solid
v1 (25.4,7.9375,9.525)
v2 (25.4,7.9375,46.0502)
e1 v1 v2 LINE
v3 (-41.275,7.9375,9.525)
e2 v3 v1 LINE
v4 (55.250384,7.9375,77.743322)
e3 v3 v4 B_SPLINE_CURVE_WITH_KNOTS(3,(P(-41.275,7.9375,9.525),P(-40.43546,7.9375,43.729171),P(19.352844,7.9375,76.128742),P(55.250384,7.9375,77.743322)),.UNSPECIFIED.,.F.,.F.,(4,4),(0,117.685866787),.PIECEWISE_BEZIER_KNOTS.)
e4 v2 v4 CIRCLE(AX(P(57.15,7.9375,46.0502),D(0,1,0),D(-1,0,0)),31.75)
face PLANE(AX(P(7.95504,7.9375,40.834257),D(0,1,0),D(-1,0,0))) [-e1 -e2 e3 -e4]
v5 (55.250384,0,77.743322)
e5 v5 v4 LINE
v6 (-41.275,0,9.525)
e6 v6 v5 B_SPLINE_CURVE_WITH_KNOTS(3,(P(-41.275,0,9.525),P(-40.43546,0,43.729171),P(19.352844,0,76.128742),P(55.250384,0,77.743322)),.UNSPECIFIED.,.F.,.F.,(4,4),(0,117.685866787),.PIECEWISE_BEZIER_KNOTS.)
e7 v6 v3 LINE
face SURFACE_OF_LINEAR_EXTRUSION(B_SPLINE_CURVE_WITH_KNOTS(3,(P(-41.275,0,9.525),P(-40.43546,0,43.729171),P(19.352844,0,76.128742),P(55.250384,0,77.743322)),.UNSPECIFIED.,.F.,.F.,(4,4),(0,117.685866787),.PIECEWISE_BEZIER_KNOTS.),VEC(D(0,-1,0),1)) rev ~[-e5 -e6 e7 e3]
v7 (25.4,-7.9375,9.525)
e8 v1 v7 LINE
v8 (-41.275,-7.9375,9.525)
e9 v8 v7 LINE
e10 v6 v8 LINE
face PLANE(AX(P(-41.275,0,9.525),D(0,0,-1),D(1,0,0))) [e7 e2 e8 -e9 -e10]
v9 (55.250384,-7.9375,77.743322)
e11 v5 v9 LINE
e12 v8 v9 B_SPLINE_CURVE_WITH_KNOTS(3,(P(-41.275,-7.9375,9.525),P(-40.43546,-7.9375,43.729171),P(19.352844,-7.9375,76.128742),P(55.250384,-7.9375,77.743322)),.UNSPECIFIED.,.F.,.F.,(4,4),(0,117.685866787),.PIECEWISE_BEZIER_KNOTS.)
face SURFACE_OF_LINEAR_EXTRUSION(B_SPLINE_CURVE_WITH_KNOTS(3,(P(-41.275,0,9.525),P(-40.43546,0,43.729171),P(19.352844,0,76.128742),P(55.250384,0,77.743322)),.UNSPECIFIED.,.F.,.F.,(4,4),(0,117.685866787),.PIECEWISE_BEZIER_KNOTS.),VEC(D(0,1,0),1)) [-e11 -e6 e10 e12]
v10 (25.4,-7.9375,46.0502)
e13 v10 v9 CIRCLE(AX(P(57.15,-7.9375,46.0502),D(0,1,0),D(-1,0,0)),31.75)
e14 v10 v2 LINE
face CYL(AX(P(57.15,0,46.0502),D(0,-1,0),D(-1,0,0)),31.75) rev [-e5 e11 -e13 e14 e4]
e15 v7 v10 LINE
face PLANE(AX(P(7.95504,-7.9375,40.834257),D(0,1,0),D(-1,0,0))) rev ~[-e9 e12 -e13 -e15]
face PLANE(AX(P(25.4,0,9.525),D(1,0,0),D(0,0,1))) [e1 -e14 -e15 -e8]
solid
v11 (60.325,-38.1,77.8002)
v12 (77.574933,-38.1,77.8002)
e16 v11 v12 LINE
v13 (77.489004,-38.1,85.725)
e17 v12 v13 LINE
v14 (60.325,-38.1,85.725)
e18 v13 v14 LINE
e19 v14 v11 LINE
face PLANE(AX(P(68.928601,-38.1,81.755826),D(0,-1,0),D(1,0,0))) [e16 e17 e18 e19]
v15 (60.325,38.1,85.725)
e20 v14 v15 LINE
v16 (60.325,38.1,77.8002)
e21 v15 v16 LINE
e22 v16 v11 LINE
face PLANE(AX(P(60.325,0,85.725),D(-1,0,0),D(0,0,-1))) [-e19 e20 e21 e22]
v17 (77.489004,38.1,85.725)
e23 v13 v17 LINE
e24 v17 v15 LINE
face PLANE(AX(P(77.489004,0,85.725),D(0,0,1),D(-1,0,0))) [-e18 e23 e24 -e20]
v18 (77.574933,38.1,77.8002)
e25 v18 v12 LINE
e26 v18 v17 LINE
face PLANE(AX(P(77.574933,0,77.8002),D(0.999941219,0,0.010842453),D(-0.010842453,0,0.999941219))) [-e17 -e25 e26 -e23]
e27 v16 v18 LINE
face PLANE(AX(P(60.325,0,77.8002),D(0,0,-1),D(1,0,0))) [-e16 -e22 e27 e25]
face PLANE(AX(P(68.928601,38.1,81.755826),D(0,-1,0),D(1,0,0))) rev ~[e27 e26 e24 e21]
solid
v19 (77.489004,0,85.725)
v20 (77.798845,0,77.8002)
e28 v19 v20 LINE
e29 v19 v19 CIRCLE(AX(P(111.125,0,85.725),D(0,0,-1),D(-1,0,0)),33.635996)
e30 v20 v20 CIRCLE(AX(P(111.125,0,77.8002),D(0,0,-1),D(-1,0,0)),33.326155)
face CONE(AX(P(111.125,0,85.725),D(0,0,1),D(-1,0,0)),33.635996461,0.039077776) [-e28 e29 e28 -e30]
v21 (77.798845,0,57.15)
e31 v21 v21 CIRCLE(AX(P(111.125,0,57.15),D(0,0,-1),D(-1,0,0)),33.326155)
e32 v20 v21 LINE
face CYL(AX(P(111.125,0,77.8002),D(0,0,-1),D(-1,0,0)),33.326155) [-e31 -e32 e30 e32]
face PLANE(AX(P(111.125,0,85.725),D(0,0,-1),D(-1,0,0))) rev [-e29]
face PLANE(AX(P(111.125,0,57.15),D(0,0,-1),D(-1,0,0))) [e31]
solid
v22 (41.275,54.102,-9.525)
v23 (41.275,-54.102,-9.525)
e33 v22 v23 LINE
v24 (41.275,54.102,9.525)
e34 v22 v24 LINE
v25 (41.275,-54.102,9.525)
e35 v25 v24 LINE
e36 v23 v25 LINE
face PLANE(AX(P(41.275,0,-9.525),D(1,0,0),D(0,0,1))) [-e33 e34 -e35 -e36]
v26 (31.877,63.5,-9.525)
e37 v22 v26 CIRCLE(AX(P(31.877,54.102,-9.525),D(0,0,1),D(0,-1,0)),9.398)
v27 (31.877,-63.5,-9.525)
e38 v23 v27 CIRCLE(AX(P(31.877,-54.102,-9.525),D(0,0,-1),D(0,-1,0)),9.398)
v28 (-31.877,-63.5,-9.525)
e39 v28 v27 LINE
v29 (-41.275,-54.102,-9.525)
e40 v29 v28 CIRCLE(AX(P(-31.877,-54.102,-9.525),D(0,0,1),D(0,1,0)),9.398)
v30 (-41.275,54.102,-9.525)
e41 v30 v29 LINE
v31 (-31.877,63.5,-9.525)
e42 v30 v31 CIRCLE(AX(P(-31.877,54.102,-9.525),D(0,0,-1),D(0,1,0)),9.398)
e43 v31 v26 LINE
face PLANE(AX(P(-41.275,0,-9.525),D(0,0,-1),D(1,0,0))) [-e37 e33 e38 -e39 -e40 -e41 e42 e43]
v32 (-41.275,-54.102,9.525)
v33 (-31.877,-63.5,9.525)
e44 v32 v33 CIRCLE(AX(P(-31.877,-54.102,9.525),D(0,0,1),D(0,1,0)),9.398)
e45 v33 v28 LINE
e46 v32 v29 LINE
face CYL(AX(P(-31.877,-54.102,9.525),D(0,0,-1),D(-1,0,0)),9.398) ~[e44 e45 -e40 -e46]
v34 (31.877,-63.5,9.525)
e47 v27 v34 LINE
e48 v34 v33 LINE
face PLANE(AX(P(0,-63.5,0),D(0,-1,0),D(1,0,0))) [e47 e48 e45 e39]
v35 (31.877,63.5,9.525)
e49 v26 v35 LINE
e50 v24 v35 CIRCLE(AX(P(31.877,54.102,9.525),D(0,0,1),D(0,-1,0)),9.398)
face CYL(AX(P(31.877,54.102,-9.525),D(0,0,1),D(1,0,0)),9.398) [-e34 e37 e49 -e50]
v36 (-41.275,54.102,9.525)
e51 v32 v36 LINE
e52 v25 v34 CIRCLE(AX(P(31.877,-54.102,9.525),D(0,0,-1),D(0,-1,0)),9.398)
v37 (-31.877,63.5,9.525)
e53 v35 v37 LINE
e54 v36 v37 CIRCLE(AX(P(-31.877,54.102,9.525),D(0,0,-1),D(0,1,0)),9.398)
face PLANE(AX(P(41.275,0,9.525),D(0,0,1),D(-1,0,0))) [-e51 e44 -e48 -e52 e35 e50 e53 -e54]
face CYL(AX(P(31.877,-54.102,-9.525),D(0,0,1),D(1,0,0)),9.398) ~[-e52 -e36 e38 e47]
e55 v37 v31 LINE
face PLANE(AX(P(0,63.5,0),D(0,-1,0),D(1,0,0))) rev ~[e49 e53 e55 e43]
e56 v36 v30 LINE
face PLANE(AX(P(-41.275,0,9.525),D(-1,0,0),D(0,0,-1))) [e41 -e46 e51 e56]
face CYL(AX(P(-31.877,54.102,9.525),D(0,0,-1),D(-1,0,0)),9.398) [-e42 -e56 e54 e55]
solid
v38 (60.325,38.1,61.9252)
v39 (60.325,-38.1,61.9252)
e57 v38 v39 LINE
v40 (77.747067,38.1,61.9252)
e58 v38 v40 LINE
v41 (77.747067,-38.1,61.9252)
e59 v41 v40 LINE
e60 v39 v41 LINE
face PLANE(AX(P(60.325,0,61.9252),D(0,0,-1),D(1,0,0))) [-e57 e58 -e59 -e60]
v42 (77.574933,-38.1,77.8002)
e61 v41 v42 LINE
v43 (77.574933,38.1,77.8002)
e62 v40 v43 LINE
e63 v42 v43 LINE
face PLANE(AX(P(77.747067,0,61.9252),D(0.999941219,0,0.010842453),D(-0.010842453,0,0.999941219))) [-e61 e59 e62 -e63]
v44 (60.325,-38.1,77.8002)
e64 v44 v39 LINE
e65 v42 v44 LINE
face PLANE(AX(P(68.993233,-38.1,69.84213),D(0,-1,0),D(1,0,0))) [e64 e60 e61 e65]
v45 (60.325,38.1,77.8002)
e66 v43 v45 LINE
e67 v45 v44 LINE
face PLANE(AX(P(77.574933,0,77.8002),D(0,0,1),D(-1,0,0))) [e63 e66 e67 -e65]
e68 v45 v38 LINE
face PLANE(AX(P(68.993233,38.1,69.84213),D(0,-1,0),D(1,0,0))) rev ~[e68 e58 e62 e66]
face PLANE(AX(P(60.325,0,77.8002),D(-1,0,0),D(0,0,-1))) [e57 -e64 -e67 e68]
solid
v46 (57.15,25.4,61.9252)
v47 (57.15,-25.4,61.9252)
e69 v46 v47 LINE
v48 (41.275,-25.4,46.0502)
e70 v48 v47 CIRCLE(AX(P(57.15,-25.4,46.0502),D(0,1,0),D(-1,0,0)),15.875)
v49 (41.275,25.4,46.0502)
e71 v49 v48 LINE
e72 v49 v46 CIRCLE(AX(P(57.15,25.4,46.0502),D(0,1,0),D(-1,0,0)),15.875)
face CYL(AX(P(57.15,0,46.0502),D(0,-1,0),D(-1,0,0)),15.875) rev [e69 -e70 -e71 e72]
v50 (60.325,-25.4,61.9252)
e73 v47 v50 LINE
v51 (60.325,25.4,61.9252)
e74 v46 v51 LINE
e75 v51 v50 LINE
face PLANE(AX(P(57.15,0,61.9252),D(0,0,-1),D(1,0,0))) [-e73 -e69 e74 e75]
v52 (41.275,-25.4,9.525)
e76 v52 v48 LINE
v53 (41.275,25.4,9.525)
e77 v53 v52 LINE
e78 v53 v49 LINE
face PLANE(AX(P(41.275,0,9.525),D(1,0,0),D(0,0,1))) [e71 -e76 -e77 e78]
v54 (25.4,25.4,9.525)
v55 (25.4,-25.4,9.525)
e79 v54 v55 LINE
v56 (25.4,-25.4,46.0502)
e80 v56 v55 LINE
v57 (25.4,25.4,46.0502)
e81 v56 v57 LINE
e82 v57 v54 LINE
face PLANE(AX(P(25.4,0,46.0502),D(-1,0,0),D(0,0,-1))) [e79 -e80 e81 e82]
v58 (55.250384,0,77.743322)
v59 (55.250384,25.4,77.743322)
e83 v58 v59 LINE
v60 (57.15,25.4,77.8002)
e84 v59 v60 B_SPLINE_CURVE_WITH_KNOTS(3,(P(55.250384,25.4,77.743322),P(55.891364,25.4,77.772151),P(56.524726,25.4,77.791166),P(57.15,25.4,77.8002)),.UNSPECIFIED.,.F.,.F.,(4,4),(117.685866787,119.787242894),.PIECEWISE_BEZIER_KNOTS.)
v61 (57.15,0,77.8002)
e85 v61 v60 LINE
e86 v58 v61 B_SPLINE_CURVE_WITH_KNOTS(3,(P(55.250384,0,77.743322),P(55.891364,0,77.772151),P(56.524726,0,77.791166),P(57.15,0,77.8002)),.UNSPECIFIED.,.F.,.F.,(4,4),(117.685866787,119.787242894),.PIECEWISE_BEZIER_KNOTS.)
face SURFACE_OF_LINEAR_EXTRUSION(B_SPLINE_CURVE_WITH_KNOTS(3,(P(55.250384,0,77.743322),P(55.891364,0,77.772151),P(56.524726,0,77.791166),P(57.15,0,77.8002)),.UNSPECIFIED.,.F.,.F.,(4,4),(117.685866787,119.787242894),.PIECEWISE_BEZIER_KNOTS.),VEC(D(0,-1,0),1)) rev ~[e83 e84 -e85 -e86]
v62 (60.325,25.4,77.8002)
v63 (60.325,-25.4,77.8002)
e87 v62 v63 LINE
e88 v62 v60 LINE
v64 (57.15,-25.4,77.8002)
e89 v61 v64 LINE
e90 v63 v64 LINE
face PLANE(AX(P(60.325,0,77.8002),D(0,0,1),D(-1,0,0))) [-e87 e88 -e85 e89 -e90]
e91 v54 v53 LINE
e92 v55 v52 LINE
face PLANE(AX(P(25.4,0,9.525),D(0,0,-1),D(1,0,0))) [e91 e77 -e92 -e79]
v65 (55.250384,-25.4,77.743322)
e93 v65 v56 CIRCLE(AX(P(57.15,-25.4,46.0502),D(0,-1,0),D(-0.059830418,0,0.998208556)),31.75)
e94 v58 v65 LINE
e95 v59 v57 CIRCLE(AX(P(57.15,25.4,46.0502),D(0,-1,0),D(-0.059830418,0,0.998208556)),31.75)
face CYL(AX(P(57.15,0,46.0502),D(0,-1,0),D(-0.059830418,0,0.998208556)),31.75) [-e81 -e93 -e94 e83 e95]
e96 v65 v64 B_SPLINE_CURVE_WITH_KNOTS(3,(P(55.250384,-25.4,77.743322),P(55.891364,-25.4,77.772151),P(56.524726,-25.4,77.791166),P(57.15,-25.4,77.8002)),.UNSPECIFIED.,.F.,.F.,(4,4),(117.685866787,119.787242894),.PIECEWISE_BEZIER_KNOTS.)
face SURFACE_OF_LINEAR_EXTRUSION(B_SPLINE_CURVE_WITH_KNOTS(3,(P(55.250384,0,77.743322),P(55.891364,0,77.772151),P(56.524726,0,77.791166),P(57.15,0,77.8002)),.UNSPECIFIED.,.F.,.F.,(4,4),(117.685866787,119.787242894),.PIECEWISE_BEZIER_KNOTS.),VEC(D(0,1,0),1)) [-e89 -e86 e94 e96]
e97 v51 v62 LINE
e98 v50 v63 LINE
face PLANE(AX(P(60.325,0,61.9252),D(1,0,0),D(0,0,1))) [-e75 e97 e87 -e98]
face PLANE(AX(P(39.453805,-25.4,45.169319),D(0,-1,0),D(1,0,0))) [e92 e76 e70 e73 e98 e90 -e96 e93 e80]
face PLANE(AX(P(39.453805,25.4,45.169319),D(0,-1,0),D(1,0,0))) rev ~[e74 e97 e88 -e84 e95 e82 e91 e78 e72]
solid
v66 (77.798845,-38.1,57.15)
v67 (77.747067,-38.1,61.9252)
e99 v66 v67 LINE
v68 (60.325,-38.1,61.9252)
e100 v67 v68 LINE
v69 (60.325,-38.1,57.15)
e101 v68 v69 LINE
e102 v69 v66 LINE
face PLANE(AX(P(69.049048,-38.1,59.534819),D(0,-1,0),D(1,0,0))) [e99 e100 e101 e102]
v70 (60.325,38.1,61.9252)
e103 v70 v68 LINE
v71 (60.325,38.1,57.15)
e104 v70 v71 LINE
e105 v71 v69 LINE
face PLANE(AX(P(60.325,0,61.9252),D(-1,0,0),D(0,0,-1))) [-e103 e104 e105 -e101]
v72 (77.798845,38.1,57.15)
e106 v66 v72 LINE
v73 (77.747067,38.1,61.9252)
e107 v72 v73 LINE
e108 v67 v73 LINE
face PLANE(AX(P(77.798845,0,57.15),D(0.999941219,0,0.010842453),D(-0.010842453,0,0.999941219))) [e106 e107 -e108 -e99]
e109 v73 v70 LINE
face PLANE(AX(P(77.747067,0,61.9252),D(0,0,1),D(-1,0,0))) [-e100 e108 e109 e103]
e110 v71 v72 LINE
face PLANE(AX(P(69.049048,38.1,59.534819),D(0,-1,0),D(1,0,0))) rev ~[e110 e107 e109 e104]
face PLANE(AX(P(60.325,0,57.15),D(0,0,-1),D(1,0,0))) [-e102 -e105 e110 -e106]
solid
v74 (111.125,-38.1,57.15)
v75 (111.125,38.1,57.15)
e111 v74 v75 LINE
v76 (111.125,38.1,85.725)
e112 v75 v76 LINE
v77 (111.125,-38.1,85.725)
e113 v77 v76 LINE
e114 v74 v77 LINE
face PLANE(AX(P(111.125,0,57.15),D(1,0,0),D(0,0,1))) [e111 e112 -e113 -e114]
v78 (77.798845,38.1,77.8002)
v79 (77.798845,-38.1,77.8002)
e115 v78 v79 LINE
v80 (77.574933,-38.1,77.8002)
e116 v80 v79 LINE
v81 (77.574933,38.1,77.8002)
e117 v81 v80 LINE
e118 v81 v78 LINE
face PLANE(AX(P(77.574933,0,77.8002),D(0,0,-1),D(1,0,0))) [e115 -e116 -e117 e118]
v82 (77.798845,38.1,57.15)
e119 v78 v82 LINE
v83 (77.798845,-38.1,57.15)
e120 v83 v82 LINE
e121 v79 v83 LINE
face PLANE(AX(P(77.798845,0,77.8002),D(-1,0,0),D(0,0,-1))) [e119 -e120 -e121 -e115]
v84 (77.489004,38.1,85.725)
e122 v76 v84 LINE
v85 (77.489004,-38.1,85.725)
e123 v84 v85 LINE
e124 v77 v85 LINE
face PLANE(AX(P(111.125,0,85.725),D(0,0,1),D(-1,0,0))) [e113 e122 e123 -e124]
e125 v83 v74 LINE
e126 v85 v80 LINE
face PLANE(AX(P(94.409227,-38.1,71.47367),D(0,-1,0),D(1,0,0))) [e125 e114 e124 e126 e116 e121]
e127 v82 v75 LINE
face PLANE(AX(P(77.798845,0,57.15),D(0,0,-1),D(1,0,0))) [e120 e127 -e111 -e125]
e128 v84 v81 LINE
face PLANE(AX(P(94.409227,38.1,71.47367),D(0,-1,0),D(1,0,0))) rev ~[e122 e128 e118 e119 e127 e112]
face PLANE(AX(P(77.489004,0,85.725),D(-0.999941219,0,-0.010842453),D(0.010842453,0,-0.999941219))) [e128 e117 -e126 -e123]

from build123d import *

# Parameters (mm, degrees)
F1_DEPTH = 63.5
F2_DEPTH = 25.4
F3_DEPTH = 38.1
F4_DEPTH = 38.1
F6_DEPTH = 7.9375
F7_DEPTH = 38.1
F8_R     = 9.398


with BuildPart() as f1:
    # F0 (on Front) → F1 (new body, symmetric)
    with BuildSketch(Plane.XZ):
        Polygon((25.4, 9.525), (-41.275, 9.525), (-41.275, -9.525), (41.275, -9.525), (41.275, 9.525), align=None)
    extrude(amount=F1_DEPTH, both=True)

    # F8
    f8_edges = [f1.edges().sort_by_distance(p)[0] for p in [
        (-41.275, -63.5, 0),
        (41.275, -63.5, 0),
        (-41.275, 63.5, 0),
        (41.275, 63.5, 0),
    ]]
    fillet(f8_edges, radius=F8_R)


with BuildPart() as f2:
    # F0 (on Front) → F2 (new body, symmetric)
    with BuildSketch(Plane.XZ):
        with BuildLine():
            Line((25.4, 46.0502), (25.4, 9.525))
            Line((25.4, 9.525), (41.275, 9.525))
            Line((41.275, 9.525), (41.275, 46.0502))
            ThreePointArc((41.275, 46.0502), (45.9246798487, 57.2755201513), (57.15, 61.9252))
            Line((57.15, 61.9252), (60.325, 61.9252))
            Line((60.325, 61.9252), (60.325, 77.8002))
            Line((60.325, 77.8002), (57.15, 77.8002))
            add(Edge.make_bspline(
                [(55.2503842192, 77.7433216494), (55.8913637683, 77.7721512684), (56.5247262294, 77.7911657134), (57.15, 77.8002)],
                knots=[117.6858667866, 117.6858667866, 117.6858667866, 117.6858667866, 119.7872428936, 119.7872428936, 119.7872428936, 119.7872428936], degree=3))
            ThreePointArc((55.2503842192, 77.7433216494), (34.0375001239, 67.8188666904), (25.4, 46.0502))
        make_face()
    extrude(amount=F2_DEPTH, both=True)


with BuildPart() as f3:
    # F0 (on Front) → F3 (new body, symmetric)
    with BuildSketch(Plane.XZ):
        Polygon((111.125, 85.725), (77.4890035391, 85.725), (77.7988448334, 77.8002), (77.7988448334, 61.9252), (77.7988448334, 57.15), (111.125, 57.15), align=None)
        Polygon((77.4890035391, 85.725), (77.574932858, 77.8002), (77.7988448334, 77.8002), align=None)
    extrude(amount=F3_DEPTH, both=True)


with BuildPart() as f3b:
    # F0 (on Front) → F3, piece 2 (new body, symmetric)
    with BuildSketch(Plane.XZ):
        Polygon((77.574932858, 77.8002), (60.325, 77.8002), (60.325, 61.9252), (77.7470669104, 61.9252), align=None)
    extrude(amount=F3_DEPTH, both=True)


with BuildPart() as f4:
    # F0 (on Front) → F4 (new body, symmetric)
    with BuildSketch(Plane.XZ):
        Polygon((77.7470669104, 61.9252), (60.325, 61.9252), (60.325, 57.15), (77.7988448334, 57.15), align=None)
    extrude(amount=F4_DEPTH, both=True)


with BuildPart() as f5:
    # F0 (on Front) → F5 (revolve)
    with BuildSketch(Plane.XZ):
        Polygon((111.125, 85.725), (77.4890035391, 85.725), (77.7988448334, 77.8002), (77.7988448334, 61.9252), (77.7988448334, 57.15), (111.125, 57.15), align=None)
    revolve(axis=Axis((111.125, 0, 71.4375), (0, 0, -1)))


with BuildPart() as f6:
    # F0 (on Front) → F6 (new body, symmetric)
    with BuildSketch(Plane.XZ):
        with BuildLine():
            add(Edge.make_bspline(
                [(-41.275, 9.525), (-40.4354595684, 43.7291708073), (19.3528437533, 76.1287421905), (55.2503842192, 77.7433216494)],
                knots=[0, 0, 0, 0, 117.6858667866, 117.6858667866, 117.6858667866, 117.6858667866], degree=3))
            Line((-41.275, 9.525), (25.4, 9.525))
            Line((25.4, 9.525), (25.4, 46.0502))
            ThreePointArc((25.4, 46.0502), (34.0375001239, 67.8188666904), (55.2503842192, 77.7433216494))
        make_face()
    extrude(amount=F6_DEPTH, both=True)


with BuildPart() as f7:
    # F0 (on Front) → F7 (new body, symmetric)
    with BuildSketch(Plane.XZ):
        Polygon((60.325, 85.725), (60.325, 77.8002), (77.574932858, 77.8002), (77.4890035391, 85.725), align=None)
    extrude(amount=F7_DEPTH, both=True)


solid = Compound([f1.part, f2.part, f3.part, f3b.part, f4.part, f5.part, f6.part, f7.part])
